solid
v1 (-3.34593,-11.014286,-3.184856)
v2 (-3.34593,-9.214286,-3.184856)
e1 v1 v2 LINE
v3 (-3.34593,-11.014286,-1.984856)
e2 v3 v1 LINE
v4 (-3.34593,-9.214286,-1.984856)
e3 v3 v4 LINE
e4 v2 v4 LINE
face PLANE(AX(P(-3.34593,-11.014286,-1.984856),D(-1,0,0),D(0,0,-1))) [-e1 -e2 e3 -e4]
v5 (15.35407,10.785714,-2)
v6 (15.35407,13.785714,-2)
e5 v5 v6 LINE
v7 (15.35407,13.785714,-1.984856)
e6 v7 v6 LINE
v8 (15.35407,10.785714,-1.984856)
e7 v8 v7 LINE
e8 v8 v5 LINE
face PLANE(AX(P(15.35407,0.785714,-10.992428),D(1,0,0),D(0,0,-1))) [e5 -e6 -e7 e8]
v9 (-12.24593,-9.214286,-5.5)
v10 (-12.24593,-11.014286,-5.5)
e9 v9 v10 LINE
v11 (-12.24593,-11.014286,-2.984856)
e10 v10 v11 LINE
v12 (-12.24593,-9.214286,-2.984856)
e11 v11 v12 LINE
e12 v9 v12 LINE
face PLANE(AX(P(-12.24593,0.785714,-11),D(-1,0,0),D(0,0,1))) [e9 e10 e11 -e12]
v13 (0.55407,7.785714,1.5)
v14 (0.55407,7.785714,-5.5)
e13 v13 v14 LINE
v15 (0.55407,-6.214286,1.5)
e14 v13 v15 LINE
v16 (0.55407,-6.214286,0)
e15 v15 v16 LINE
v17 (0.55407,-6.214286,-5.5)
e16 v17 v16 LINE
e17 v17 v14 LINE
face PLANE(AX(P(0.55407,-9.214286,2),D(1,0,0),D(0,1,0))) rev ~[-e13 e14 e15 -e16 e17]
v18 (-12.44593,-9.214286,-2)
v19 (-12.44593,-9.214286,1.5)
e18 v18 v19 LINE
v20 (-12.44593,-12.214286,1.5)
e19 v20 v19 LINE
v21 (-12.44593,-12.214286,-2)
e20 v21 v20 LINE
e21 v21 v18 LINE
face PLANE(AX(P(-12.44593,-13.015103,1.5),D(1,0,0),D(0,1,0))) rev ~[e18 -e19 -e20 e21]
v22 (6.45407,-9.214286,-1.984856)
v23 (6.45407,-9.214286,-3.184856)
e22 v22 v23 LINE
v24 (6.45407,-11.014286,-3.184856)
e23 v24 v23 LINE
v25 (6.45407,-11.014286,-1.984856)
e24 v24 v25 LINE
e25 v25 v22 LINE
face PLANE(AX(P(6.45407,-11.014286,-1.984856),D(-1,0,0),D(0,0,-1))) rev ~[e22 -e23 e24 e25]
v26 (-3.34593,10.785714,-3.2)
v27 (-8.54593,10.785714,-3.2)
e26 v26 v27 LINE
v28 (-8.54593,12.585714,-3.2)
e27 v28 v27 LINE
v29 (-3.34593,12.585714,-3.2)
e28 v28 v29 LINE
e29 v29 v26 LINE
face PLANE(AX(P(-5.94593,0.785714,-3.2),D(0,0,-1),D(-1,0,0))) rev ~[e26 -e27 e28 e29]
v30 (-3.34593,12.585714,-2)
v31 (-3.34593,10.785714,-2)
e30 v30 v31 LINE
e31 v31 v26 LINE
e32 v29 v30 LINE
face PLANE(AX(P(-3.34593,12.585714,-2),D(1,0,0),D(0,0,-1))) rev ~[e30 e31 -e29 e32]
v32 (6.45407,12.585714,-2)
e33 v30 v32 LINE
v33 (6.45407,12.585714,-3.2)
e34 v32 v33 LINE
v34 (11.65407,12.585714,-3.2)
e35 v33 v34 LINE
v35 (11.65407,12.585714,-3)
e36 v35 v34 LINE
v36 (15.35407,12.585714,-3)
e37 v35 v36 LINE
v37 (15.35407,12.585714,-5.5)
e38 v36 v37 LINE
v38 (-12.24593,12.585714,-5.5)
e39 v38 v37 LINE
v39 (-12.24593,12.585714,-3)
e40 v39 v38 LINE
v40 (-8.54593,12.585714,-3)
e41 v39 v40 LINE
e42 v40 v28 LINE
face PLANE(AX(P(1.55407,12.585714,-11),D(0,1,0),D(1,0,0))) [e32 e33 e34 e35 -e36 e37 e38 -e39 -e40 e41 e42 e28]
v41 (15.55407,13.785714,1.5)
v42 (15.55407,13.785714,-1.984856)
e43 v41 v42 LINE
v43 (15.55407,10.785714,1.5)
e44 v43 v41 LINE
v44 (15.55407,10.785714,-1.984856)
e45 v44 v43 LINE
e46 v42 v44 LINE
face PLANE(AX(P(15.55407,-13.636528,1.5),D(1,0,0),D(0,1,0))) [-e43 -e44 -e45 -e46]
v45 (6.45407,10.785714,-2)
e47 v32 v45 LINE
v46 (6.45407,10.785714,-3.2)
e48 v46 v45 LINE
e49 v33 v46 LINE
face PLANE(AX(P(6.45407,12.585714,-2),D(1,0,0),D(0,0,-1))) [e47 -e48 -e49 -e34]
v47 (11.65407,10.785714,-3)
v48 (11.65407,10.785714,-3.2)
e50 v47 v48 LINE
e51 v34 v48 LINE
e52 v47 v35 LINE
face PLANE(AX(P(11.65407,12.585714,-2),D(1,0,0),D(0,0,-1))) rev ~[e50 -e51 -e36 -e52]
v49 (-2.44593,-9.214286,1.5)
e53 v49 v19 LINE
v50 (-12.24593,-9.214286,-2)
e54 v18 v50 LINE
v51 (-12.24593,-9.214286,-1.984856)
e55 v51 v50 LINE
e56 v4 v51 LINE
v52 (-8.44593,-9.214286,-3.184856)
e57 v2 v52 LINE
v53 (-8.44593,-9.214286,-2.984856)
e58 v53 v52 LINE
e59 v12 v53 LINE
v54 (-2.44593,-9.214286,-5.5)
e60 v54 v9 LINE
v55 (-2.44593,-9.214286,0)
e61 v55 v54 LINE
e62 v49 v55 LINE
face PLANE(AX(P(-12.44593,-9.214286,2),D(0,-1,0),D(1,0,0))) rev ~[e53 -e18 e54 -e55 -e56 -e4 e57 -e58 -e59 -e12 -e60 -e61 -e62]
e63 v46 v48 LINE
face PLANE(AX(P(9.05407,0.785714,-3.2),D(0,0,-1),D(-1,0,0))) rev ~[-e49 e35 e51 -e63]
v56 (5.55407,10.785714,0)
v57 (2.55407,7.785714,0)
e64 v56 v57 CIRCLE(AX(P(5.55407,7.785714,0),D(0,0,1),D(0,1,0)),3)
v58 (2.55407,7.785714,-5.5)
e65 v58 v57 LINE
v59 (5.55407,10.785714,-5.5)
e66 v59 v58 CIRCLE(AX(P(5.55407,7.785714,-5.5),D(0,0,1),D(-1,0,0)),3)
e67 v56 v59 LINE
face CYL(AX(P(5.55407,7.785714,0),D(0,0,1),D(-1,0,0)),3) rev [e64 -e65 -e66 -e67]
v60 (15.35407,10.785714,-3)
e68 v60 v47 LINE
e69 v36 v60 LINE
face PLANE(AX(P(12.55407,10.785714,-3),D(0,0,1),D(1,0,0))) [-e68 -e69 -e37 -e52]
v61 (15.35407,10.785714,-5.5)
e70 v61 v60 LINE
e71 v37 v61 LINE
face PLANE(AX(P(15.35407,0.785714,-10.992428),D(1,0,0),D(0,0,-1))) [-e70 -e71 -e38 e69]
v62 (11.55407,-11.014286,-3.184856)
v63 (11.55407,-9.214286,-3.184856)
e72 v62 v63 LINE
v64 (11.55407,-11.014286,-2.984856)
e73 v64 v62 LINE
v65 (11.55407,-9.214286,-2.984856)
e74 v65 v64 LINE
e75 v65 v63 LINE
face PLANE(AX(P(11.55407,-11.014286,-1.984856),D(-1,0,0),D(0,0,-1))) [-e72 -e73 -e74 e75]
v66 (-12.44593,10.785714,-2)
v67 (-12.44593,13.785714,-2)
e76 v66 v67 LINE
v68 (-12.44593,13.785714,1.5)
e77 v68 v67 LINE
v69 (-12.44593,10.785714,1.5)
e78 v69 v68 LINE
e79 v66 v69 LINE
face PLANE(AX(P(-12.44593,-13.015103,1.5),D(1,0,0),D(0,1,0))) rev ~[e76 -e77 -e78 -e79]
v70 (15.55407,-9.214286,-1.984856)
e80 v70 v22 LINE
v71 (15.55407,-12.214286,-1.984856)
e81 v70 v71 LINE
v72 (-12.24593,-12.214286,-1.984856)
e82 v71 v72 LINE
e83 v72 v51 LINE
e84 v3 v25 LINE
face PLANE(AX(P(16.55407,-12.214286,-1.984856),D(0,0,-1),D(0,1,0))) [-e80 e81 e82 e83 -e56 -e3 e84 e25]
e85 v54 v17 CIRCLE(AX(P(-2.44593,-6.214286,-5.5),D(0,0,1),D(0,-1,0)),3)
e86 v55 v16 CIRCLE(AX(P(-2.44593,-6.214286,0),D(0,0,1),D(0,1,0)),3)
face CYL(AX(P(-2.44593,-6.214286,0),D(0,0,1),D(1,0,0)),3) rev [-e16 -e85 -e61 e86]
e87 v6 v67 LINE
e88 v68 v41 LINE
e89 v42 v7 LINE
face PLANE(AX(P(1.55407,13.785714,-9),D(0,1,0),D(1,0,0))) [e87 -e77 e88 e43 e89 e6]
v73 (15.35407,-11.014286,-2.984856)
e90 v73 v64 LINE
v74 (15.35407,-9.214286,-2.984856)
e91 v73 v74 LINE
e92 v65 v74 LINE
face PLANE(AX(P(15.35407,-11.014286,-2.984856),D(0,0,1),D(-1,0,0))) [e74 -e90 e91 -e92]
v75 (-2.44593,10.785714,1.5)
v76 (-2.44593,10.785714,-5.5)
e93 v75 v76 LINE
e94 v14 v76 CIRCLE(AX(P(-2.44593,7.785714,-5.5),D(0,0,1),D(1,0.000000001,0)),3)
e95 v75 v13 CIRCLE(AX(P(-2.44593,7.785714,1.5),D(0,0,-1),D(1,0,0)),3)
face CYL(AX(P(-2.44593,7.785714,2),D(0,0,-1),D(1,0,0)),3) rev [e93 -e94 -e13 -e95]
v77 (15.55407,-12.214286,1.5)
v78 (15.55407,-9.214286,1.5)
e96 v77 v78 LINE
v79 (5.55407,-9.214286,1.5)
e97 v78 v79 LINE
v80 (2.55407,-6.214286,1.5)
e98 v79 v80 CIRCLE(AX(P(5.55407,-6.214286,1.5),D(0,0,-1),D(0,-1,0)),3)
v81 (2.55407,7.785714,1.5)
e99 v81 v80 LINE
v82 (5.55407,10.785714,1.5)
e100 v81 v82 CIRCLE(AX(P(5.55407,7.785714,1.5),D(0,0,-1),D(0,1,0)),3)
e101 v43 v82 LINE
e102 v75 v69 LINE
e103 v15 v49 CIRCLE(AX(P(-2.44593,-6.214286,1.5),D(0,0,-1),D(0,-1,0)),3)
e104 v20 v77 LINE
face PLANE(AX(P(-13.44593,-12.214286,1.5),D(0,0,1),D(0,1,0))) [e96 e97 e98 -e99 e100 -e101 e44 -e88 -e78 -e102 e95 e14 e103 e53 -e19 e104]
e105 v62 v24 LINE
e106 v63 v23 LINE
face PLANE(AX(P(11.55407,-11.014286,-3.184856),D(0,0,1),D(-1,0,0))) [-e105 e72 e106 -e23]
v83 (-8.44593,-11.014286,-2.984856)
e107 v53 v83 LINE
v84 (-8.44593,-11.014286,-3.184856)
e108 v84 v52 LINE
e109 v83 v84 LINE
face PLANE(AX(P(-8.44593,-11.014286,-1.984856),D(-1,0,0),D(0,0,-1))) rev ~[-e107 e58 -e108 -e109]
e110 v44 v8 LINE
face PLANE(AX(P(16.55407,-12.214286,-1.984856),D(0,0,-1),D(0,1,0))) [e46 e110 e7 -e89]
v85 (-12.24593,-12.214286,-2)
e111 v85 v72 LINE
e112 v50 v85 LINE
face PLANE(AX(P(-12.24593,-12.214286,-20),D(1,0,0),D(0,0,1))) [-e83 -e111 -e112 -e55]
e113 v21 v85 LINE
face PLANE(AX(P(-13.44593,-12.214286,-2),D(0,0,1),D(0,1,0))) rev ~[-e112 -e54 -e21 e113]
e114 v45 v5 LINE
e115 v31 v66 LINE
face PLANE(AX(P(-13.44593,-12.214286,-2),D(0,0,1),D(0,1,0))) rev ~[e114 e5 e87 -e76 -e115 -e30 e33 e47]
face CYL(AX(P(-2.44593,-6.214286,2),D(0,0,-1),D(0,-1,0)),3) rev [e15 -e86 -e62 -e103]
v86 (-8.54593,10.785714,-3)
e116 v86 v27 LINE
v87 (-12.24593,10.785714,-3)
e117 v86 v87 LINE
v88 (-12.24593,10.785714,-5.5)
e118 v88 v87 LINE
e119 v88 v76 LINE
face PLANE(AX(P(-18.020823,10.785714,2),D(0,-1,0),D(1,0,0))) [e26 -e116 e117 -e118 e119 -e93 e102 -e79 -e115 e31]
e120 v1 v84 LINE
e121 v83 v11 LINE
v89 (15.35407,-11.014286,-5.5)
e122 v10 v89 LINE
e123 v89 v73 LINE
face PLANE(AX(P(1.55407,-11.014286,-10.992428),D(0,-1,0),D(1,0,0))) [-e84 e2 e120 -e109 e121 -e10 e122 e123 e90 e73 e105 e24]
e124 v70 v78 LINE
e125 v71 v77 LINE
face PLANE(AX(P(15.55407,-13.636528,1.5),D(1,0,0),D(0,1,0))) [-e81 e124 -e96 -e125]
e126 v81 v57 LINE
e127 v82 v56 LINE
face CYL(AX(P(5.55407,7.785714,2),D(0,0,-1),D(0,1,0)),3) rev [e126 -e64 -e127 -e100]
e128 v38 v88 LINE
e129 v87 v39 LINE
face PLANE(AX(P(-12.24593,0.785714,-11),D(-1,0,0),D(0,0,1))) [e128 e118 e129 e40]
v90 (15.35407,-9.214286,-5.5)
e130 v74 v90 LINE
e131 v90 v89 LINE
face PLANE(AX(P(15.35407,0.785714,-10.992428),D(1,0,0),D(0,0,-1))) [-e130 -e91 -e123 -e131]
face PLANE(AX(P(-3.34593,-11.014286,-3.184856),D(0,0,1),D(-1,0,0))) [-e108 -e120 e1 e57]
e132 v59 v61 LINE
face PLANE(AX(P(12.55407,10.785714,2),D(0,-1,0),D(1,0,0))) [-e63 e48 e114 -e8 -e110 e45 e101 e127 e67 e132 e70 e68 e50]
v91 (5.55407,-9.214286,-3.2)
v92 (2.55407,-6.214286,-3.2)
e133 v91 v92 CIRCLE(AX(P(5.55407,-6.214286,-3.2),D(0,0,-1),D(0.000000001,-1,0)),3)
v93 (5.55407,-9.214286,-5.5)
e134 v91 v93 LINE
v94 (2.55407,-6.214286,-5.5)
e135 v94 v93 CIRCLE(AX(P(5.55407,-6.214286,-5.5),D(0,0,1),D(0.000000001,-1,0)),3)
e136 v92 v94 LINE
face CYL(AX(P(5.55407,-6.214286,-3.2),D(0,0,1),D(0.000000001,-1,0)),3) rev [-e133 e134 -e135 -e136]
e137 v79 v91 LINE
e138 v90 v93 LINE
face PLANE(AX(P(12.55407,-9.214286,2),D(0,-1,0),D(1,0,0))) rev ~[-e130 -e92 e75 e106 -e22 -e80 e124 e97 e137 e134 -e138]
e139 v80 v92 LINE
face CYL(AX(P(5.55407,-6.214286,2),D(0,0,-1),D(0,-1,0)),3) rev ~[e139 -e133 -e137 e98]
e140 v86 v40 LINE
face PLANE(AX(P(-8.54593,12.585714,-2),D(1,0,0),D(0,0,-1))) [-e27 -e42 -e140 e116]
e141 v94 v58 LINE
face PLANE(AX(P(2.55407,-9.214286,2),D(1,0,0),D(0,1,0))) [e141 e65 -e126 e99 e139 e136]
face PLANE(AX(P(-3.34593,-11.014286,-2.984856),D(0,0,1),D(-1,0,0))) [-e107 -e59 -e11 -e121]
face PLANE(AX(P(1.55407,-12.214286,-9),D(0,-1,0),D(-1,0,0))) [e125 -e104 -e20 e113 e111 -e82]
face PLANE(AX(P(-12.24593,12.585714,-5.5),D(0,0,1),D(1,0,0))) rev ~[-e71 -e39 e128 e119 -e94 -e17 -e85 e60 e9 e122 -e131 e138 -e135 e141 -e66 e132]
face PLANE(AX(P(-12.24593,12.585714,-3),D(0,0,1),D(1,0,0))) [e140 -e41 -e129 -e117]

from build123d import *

# Parameters (mm, degrees)
SKETCH1_W           = 30
SKETCH1_H           = 22
BOSS_EXTRUDE1_DEPTH = 2
SKETCH2_W           = 13
SKETCH2_H           = 20
CUT_EXTRUDE1_DEPTH  = 2
FILLET1_R           = 3
SKETCH3_W           = 30
SKETCH3_H           = 22
BOSS_EXTRUDE2_DEPTH = 20
SKETCH4_W           = 30
SKETCH4_H           = 22
BOSS_EXTRUDE3_DEPTH = 2
SKETCH5_W           = 30
SKETCH5_H           = 22
BOSS_EXTRUDE4_DEPTH = 2
SKETCH6_W           = 18.015144258
SKETCH6_H           = 26
CUT_EXTRUDE2_DEPTH  = 1.2
SKETCH7_W           = 18
SKETCH7_H           = 26
CUT_EXTRUDE3_DEPTH  = 1.2
SKETCH8_W           = 27.6
SKETCH8_H           = 18
CUT_EXTRUDE4_DEPTH  = 1.2
SKETCH9_W           = 27.6
SKETCH9_H           = 18.015144258
CUT_EXTRUDE5_DEPTH  = 1.2
SKETCH10_W          = 8.9
SKETCH10_H          = 1
CUT_EXTRUDE7_DEPTH  = 1.8
SKETCH12_W          = 5.2
SKETCH12_H          = 1.2
CUT_EXTRUDE8_DEPTH  = 1.8
CUT_EXTRUDE9_DEPTH  = 3.2
SKETCH14_W          = 2.8
SKETCH14_H          = 1
CUT_EXTRUDE10_DEPTH = 5
SKETCH15_W          = 8.9
SKETCH15_H          = 1
CUT_EXTRUDE11_DEPTH = 5
SKETCH16_W          = 5.1
SKETCH16_H          = 1.2
CUT_EXTRUDE12_DEPTH = 5
SKETCH17_W          = 27.6
SKETCH17_H          = 14.5
CUT_EXTRUDE13_DEPTH = 23.6
CUT_EXTRUDE14_DEPTH = 5
SKETCH19_W          = 2.8
SKETCH19_H          = 20
CUT_EXTRUDE16_DEPTH = 3.5
SKETCH20_W          = 8.574892863
SKETCH20_H          = 20
SKETCH20_W_2        = 12.614156469
CUT_EXTRUDE18_DEPTH = 5
SKETCH24_W          = 0.5
SKETCH24_H          = 26
CUT_EXTRUDE19_DEPTH = 100
SKETCH25_W          = 4.142834468
SKETCH25_H          = 28.533772401
SKETCH25_W_2        = 4.453547053
SKETCH25_H_2        = 29.155197571
CUT_EXTRUDE20_DEPTH = 3.5


with BuildPart() as part:
    # Sketch1 → Boss-Extrude1 (new body)
    with BuildSketch(Plane.XY):
        with Locations((1.554069904, 0.785714286)):
            Rectangle(SKETCH1_W, SKETCH1_H)
    extrude(amount=BOSS_EXTRUDE1_DEPTH)

    # Sketch2 → Cut-Extrude1 (cut)
    with BuildSketch(Plane.XY.offset(2)):
        with Locations((-5.945930096, 0.785714286)):
            Rectangle(SKETCH2_W, SKETCH2_H)
        with Locations((9.054069904, 0.785714286)):
            Rectangle(SKETCH2_W, SKETCH2_H)
    extrude(amount=-CUT_EXTRUDE1_DEPTH, mode=Mode.SUBTRACT)

    # Fillet1
    fillet1_edges = [part.edges().sort_by_distance(p)[0] for p in [
        (-12.445930096, -9.214285714, 1),
        (-12.445930096, 10.785714286, 1),
        (0.554069904, 10.785714286, 1),
        (0.554069904, -9.214285714, 1),
        (15.554069904, 10.785714286, 1),
        (15.554069904, -9.214285714, 1),
        (2.554069904, -9.214285714, 1),
        (2.554069904, 10.785714286, 1),
    ]]
    fillet(fillet1_edges, radius=FILLET1_R)

    # Sketch3 → Boss-Extrude2 (add)
    with BuildSketch(Plane(origin=(0, 0, 0), x_dir=(-1, 0, 0), z_dir=(0, 0, -1))):
        with Locations((-1.554069904, 0.785714286)):
            Rectangle(SKETCH3_W, SKETCH3_H)
    extrude(amount=BOSS_EXTRUDE2_DEPTH)

    # Sketch4 → Boss-Extrude3 (add)
    with BuildSketch(Plane(origin=(0, 11.785714286, 0), x_dir=(1, 0, 0), z_dir=(0, 1, 0))):
        with Locations((1.554069904, 9)):
            Rectangle(SKETCH4_W, SKETCH4_H)
    extrude(amount=BOSS_EXTRUDE3_DEPTH)

    # Sketch5 → Boss-Extrude4 (add)
    with BuildSketch(Plane(origin=(0, -10.214285714, 0), x_dir=(-1, 0, 0), z_dir=(0, -1, 0))):
        with Locations((-1.554069904, 9)):
            Rectangle(SKETCH5_W, SKETCH5_H)
    extrude(amount=BOSS_EXTRUDE4_DEPTH)

    # Sketch6 → Cut-Extrude2 (cut)
    with BuildSketch(Plane(origin=(16.554069904, 0, 0), x_dir=(0, 0, -1), z_dir=(1, 0, 0))):
        with Locations((10.992427871, 0.785714286)):
            Rectangle(SKETCH6_W, SKETCH6_H)
    extrude(amount=-CUT_EXTRUDE2_DEPTH, mode=Mode.SUBTRACT)

    # Sketch7 → Cut-Extrude3 (cut)
    with BuildSketch(Plane.ZY.offset(13.445930096)):
        with Locations((-11, 0.785714286)):
            Rectangle(SKETCH7_W, SKETCH7_H)
    extrude(amount=-CUT_EXTRUDE3_DEPTH, mode=Mode.SUBTRACT)

    # Sketch8 → Cut-Extrude4 (cut)
    with BuildSketch(Plane(origin=(0, 13.785714286, 0), x_dir=(1, 0, 0), z_dir=(0, 1, 0))):
        with Locations((1.554069904, 11)):
            Rectangle(SKETCH8_W, SKETCH8_H)
    extrude(amount=-CUT_EXTRUDE4_DEPTH, mode=Mode.SUBTRACT)

    # Sketch9 → Cut-Extrude5 (cut)
    with BuildSketch(Plane.XZ.offset(12.214285714)):
        with Locations((1.554069904, -10.992427871)):
            Rectangle(SKETCH9_W, SKETCH9_H)
    extrude(amount=-CUT_EXTRUDE5_DEPTH, mode=Mode.SUBTRACT)

    # Sketch10 → Cut-Extrude7 (cut)
    with BuildSketch(Plane(origin=(0, 12.585714286, 0), x_dir=(1, 0, 0), z_dir=(0, 1, 0))):
        with Locations((-7.795930096, 2.5)):
            Rectangle(SKETCH10_W, SKETCH10_H)
        with Locations((10.904069904, 2.5)):
            Rectangle(SKETCH10_W, SKETCH10_H)
    extrude(amount=-CUT_EXTRUDE7_DEPTH, mode=Mode.SUBTRACT)

    # Sketch12 → Cut-Extrude8 (cut)
    with BuildSketch(Plane(origin=(0, 12.585714286, 0), x_dir=(1, 0, 0), z_dir=(0, 1, 0))):
        with Locations((-5.945930096, 2.6)):
            Rectangle(SKETCH12_W, SKETCH12_H)
        with Locations((9.054069904, 2.6)):
            Rectangle(SKETCH12_W, SKETCH12_H)
    extrude(amount=-CUT_EXTRUDE8_DEPTH, mode=Mode.SUBTRACT)

    # Sketch13 → Cut-Extrude9 (cut)
    with BuildSketch(Plane.XY):
        with BuildLine():
            Line((-9.445930096, 10.785714286), (-2.445930096, 10.785714286))
            ThreePointArc((-2.445930096, 10.785714286), (-0.324609753, 9.907034629), (0.554069904, 7.785714286))
            Line((0.554069904, 7.785714286), (0.554069904, -6.214285714))
            ThreePointArc((0.554069904, -6.214285714), (-0.324609753, -8.335606058), (-2.445930096, -9.214285714))
            Line((-2.445930096, -9.214285714), (-9.445930096, -9.214285714))
            ThreePointArc((-9.445930096, -9.214285714), (-11.56725044, -8.335606058), (-12.445930096, -6.214285714))
            Line((-12.445930096, -6.214285714), (-12.445930096, 7.785714286))
            ThreePointArc((-12.445930096, 7.785714286), (-11.56725044, 9.907034629), (-9.445930096, 10.785714286))
        make_face()
        with BuildLine():
            Line((5.554069904, 10.785714286), (12.554069904, 10.785714286))
            ThreePointArc((12.554069904, 10.785714286), (14.675390247, 9.907034629), (15.554069904, 7.785714286))
            Line((15.554069904, 7.785714286), (15.554069904, -6.214285714))
            ThreePointArc((15.554069904, -6.214285714), (14.675390247, -8.335606058), (12.554069904, -9.214285714))
            Line((12.554069904, -9.214285714), (5.554069904, -9.214285714))
            ThreePointArc((5.554069904, -9.214285714), (3.43274956, -8.335606058), (2.554069904, -6.214285714))
            Line((2.554069904, -6.214285714), (2.554069904, 7.785714286))
            ThreePointArc((2.554069904, 7.785714286), (3.43274956, 9.907034629), (5.554069904, 10.785714286))
        make_face()
    extrude(amount=-CUT_EXTRUDE9_DEPTH, mode=Mode.SUBTRACT)

    # Sketch14 → Cut-Extrude10 (cut)
    with BuildSketch(Plane(origin=(0, 10.785714286, 0), x_dir=(1, 0, 0), z_dir=(0, 1, 0))):
        with Locations((13.954069904, 2.5)):
            Rectangle(SKETCH14_W, SKETCH14_H)
        with Locations((-10.845930096, 2.5)):
            Rectangle(SKETCH14_W, SKETCH14_H)
    extrude(amount=-CUT_EXTRUDE10_DEPTH, mode=Mode.SUBTRACT)

    # Sketch15 → Cut-Extrude11 (cut)
    with BuildSketch(Plane(origin=(0, -11.014285714, 0), x_dir=(-1, 0, 0), z_dir=(0, -1, 0))):
        with Locations((7.795930096, 2.484855742)):
            Rectangle(SKETCH15_W, SKETCH15_H)
        with Locations((-10.904069904, 2.484855742)):
            Rectangle(SKETCH15_W, SKETCH15_H)
    extrude(amount=-CUT_EXTRUDE11_DEPTH, mode=Mode.SUBTRACT)

    # Sketch16 → Cut-Extrude12 (cut)
    with BuildSketch(Plane(origin=(0, -11.014285714, 0), x_dir=(-1, 0, 0), z_dir=(0, -1, 0))):
        with Locations((5.895930096, 2.584855742)):
            Rectangle(SKETCH16_W, SKETCH16_H)
        with Locations((-9.004069904, 2.584855742)):
            Rectangle(SKETCH16_W, SKETCH16_H)
    extrude(amount=-CUT_EXTRUDE12_DEPTH, mode=Mode.SUBTRACT)

    # Sketch17 → Cut-Extrude13 (cut)
    with BuildSketch(Plane(origin=(0, 12.585714286, 0), x_dir=(1, 0, 0), z_dir=(0, 1, 0))):
        with Locations((1.554069904, 12.75)):
            Rectangle(SKETCH17_W, SKETCH17_H)
    extrude(amount=-CUT_EXTRUDE13_DEPTH, mode=Mode.SUBTRACT)

    # Sketch18 → Cut-Extrude14 (cut)
    with BuildSketch(Plane.XY.offset(-3.2)):
        with BuildLine():
            Line((-12.445930096, 7.785714286), (-12.445930096, -6.214285714))
            ThreePointArc((-12.445930096, -6.214285714), (-11.56725044, -8.335606058), (-9.445930096, -9.214285714))
            Line((-9.445930096, -9.214285714), (-2.445930096, -9.214285714))
            ThreePointArc((-2.445930096, -9.214285714), (-0.324609753, -8.335606058), (0.554069904, -6.214285714))
            Line((0.554069904, -6.214285714), (0.554069904, 7.785714286))
            ThreePointArc((0.554069904, 7.785714286), (-0.324609753, 9.907034629), (-2.445930096, 10.785714286))
            Line((-2.445930096, 10.785714286), (-9.445930096, 10.785714286))
            ThreePointArc((-9.445930096, 10.785714286), (-11.56725044, 9.907034629), (-12.445930096, 7.785714286))
        make_face()
        with BuildLine():
            Line((5.554069904, 10.785714286), (12.554069904, 10.785714286))
            ThreePointArc((12.554069904, 10.785714286), (14.675390247, 9.907034629), (15.554069904, 7.785714286))
            Line((15.554069904, 7.785714286), (15.554069904, -6.214285714))
            ThreePointArc((15.554069904, -6.214285714), (14.675390247, -8.335606058), (12.554069904, -9.214285714))
            Line((12.554069904, -9.214285714), (5.554069904, -9.214285714))
            ThreePointArc((5.554069904, -9.214285714), (3.43274956, -8.335606058), (2.554069904, -6.214285714))
            Line((2.554069904, -6.214285714), (2.554069904, 7.785714286))
            ThreePointArc((2.554069904, 7.785714286), (3.43274956, 9.907034629), (5.554069904, 10.785714286))
        make_face()
    extrude(amount=-CUT_EXTRUDE14_DEPTH, mode=Mode.SUBTRACT)

    # Sketch19 → Cut-Extrude16 (cut)
    with BuildSketch(Plane(origin=(0, 0, -5.5), x_dir=(-1, 0, 0), z_dir=(0, 0, -1))):
        with Locations((-13.954069904, 0.785714286)):
            Rectangle(SKETCH19_W, SKETCH19_H)
        with Locations((10.845930096, 0.785714286)):
            Rectangle(SKETCH19_W, SKETCH19_H)
    extrude(amount=-CUT_EXTRUDE16_DEPTH, mode=Mode.SUBTRACT)

    # Sketch20 → Cut-Extrude18 (cut)
    with BuildSketch(Plane.XY.offset(2)):
        with Locations((-13.733376528, 0.785714286)):
            Rectangle(SKETCH20_W, SKETCH20_H)
        with Locations((18.861148139, 0.785714286)):
            Rectangle(SKETCH20_W_2, SKETCH20_H)
    extrude(amount=-CUT_EXTRUDE18_DEPTH, mode=Mode.SUBTRACT)

    # Sketch24 → Cut-Extrude19 (cut)
    with BuildSketch(Plane.ZY.offset(13.445930096)):
        with Locations((1.75, 0.785714286)):
            Rectangle(SKETCH24_W, SKETCH24_H)
    extrude(amount=-CUT_EXTRUDE19_DEPTH, mode=Mode.SUBTRACT)

    # Sketch25 → Cut-Extrude20 (cut)
    with BuildSketch(Plane.XY.offset(1.5)):
        with Locations((-14.51734733, 1.251783163)):
            Rectangle(SKETCH25_W, SKETCH25_H)
        with Locations((17.78084343, 0.941070578)):
            Rectangle(SKETCH25_W_2, SKETCH25_H_2)
    extrude(amount=-CUT_EXTRUDE20_DEPTH, mode=Mode.SUBTRACT)


solid = part.part
